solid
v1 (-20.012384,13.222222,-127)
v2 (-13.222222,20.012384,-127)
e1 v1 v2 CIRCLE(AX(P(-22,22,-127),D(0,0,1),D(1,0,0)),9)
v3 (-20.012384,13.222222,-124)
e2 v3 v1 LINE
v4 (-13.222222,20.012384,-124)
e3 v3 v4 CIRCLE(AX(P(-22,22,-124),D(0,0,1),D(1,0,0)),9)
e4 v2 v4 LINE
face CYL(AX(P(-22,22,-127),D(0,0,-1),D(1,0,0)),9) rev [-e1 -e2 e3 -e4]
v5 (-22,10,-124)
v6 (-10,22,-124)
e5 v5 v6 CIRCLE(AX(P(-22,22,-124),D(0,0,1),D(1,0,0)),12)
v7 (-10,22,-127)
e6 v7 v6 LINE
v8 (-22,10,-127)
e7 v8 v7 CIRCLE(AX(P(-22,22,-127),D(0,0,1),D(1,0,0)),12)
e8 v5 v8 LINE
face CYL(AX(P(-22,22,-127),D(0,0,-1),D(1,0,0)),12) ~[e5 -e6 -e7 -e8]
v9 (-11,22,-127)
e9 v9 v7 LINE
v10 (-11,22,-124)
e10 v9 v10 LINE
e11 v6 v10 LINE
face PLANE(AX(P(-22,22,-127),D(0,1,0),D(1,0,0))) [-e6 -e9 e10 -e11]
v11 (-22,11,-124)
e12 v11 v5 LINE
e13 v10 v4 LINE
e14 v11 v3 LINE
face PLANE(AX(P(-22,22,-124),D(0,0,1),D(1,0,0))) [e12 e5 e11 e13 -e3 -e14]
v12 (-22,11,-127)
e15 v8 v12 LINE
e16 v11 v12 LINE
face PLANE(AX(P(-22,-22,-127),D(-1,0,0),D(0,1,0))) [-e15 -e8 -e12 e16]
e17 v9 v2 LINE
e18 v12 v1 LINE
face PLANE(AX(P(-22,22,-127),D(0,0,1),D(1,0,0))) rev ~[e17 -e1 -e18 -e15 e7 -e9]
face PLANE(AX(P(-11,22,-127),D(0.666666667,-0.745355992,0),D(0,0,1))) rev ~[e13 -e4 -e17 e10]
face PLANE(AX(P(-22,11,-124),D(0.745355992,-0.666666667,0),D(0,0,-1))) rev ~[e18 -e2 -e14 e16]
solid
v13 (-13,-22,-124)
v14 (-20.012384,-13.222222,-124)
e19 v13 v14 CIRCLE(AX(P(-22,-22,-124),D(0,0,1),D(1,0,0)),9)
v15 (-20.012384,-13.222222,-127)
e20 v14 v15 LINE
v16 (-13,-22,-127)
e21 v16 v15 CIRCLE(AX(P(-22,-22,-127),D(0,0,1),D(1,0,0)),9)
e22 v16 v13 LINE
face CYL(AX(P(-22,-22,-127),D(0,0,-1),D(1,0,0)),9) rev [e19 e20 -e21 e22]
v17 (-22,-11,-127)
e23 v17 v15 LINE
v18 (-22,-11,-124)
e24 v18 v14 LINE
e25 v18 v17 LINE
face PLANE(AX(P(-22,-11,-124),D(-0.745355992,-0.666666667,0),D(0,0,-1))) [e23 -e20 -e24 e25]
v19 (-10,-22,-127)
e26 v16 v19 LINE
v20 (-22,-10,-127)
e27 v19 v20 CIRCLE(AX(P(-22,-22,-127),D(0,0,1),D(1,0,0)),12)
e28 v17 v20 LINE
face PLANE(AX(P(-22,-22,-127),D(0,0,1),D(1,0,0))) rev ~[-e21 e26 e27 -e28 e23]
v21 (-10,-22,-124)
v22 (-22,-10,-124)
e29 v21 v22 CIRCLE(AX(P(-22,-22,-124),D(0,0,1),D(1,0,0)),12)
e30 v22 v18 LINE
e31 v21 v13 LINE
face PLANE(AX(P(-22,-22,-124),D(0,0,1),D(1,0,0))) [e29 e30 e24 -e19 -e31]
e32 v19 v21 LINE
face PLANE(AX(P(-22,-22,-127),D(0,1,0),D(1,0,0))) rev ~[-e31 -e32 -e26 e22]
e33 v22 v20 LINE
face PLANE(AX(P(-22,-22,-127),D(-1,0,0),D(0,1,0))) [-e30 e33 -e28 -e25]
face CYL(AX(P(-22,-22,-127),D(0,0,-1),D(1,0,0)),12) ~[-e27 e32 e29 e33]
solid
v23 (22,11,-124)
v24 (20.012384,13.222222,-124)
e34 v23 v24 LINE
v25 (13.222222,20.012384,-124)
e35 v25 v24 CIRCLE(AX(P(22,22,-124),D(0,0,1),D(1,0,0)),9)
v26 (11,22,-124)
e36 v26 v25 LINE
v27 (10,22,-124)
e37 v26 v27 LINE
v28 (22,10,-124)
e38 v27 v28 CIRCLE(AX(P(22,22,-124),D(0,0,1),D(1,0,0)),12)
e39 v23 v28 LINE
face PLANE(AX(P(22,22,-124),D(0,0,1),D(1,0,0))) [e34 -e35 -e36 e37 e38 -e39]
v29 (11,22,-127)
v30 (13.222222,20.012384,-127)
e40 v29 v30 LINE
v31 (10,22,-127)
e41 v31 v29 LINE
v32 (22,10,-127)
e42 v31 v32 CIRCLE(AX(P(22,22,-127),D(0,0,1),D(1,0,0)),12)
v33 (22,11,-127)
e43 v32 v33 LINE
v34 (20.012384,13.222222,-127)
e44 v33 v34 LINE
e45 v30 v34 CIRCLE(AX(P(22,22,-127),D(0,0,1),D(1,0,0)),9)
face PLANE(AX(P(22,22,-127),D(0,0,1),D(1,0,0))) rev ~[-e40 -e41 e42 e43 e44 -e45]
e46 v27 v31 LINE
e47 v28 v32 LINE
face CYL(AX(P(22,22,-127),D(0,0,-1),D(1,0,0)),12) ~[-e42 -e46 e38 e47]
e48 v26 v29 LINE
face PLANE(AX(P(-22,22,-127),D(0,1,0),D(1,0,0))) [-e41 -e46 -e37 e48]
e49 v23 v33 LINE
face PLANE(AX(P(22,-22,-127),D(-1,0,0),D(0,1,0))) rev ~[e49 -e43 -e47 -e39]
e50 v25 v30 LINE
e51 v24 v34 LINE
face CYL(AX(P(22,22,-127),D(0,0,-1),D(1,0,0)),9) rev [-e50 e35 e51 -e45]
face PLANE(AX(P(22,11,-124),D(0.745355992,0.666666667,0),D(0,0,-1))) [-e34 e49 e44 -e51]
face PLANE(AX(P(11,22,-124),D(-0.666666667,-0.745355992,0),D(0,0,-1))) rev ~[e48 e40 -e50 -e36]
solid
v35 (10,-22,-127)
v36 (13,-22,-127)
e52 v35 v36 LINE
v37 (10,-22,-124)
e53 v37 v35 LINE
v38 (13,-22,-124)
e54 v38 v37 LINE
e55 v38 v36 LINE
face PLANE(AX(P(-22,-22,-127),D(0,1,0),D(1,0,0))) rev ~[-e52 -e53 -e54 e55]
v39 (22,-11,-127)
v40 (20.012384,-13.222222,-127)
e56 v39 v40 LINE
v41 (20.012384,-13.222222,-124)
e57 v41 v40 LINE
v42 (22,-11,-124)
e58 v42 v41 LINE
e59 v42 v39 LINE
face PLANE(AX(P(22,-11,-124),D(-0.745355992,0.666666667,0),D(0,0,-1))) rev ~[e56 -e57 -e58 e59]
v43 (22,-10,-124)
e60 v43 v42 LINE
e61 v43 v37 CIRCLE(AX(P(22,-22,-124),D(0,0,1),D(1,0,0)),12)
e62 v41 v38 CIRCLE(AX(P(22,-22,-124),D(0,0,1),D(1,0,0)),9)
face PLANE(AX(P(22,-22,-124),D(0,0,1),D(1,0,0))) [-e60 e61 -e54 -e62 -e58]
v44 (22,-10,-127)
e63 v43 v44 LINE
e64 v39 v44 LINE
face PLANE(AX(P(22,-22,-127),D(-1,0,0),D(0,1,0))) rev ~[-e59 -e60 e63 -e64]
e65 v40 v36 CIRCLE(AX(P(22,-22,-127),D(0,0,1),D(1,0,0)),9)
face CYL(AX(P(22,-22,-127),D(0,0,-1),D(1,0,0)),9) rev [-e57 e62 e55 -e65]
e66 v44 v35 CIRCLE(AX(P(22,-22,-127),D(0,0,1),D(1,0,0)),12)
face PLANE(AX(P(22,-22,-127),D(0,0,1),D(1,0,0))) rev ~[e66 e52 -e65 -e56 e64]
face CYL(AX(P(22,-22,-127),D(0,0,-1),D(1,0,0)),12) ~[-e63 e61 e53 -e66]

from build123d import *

# Parameters (mm, degrees)
BOX733_W        = 44
BOX733_H        = 44
BOX733_DEPTH    = 50
TUBE072_R       = 12
TUBE072_R_2     = 9
TUBE072_DEPTH   = 3
TUBE071_R       = 12
TUBE071_R_2     = 9
TUBE071_DEPTH   = 3
TUBE073_R       = 12
TUBE073_R_2     = 9
TUBE073_DEPTH   = 3
TUBE070_R       = 12
TUBE070_R_2     = 9
TUBE070_DEPTH   = 3
CHAMFER008_SIZE = 2
CHAMFER010_SIZE = 2


with BuildPart() as krychle732:
    # Box733 → Box733 (new body)
    with BuildSketch(Plane(origin=(-22, -22, -126), x_dir=(1, 0, 0), z_dir=(0, 0, 1))):
        with Locations((22, 22)):
            Rectangle(BOX733_W, BOX733_H)
    extrude(amount=BOX733_DEPTH)


with BuildPart() as tube072:
    # Tube072 → Tube072 (new body)
    with BuildSketch(Plane(origin=(22, -22, -126), x_dir=(1, 0, 0), z_dir=(0, 0, 1))):
        Circle(TUBE072_R)
        Circle(TUBE072_R_2, mode=Mode.SUBTRACT)
    extrude(amount=TUBE072_DEPTH)


with BuildPart() as tube071:
    # Tube071 → Tube071 (new body)
    with BuildSketch(Plane(origin=(-22, 22, -126), x_dir=(1, 0, 0), z_dir=(0, 0, 1))):
        Circle(TUBE071_R)
        Circle(TUBE071_R_2, mode=Mode.SUBTRACT)
    extrude(amount=TUBE071_DEPTH)


with BuildPart() as tube073:
    # Tube073 → Tube073 (new body)
    with BuildSketch(Plane(origin=(22, 22, -126), x_dir=(1, 0, 0), z_dir=(0, 0, 1))):
        Circle(TUBE073_R)
        Circle(TUBE073_R_2, mode=Mode.SUBTRACT)
    extrude(amount=TUBE073_DEPTH)


with BuildPart() as chamfer010:
    # Tube070 → Tube070 (new body)
    with BuildSketch(Plane(origin=(-22, -22, -126), x_dir=(1, 0, 0), z_dir=(0, 0, 1))):
        Circle(TUBE070_R)
        Circle(TUBE070_R_2, mode=Mode.SUBTRACT)
    extrude(amount=TUBE070_DEPTH)

    # Compound839: union Tube072, Tube071, Tube073
    add(tube072.part)
    add(tube071.part)
    add(tube073.part)

    # Common015: intersect Krychle732
    add(krychle732.part, mode=Mode.INTERSECT)


with BuildPart() as chamfer010_1:
    # Common015 placement: moved
    add(chamfer010.part.moved(Location((0, 0, -1))))

    # Chamfer008
    chamfer008_edges = [chamfer010_1.edges().sort_by_distance(p)[0] for p in [
        (22, -13, -125.5),
        (22, 13, -125.5),
        (13, 22, -125.5),
    ]]
    chamfer(chamfer008_edges, length=CHAMFER008_SIZE)

    # Chamfer010
    chamfer010_edges = [chamfer010_1.edges().sort_by_distance(p)[0] for p in [
        (-22, -13, -125.5),
        (-13, 22, -125.5),
        (-22, 13, -125.5),
    ]]
    chamfer(chamfer010_edges, length=CHAMFER010_SIZE)


solid = chamfer010_1.part
